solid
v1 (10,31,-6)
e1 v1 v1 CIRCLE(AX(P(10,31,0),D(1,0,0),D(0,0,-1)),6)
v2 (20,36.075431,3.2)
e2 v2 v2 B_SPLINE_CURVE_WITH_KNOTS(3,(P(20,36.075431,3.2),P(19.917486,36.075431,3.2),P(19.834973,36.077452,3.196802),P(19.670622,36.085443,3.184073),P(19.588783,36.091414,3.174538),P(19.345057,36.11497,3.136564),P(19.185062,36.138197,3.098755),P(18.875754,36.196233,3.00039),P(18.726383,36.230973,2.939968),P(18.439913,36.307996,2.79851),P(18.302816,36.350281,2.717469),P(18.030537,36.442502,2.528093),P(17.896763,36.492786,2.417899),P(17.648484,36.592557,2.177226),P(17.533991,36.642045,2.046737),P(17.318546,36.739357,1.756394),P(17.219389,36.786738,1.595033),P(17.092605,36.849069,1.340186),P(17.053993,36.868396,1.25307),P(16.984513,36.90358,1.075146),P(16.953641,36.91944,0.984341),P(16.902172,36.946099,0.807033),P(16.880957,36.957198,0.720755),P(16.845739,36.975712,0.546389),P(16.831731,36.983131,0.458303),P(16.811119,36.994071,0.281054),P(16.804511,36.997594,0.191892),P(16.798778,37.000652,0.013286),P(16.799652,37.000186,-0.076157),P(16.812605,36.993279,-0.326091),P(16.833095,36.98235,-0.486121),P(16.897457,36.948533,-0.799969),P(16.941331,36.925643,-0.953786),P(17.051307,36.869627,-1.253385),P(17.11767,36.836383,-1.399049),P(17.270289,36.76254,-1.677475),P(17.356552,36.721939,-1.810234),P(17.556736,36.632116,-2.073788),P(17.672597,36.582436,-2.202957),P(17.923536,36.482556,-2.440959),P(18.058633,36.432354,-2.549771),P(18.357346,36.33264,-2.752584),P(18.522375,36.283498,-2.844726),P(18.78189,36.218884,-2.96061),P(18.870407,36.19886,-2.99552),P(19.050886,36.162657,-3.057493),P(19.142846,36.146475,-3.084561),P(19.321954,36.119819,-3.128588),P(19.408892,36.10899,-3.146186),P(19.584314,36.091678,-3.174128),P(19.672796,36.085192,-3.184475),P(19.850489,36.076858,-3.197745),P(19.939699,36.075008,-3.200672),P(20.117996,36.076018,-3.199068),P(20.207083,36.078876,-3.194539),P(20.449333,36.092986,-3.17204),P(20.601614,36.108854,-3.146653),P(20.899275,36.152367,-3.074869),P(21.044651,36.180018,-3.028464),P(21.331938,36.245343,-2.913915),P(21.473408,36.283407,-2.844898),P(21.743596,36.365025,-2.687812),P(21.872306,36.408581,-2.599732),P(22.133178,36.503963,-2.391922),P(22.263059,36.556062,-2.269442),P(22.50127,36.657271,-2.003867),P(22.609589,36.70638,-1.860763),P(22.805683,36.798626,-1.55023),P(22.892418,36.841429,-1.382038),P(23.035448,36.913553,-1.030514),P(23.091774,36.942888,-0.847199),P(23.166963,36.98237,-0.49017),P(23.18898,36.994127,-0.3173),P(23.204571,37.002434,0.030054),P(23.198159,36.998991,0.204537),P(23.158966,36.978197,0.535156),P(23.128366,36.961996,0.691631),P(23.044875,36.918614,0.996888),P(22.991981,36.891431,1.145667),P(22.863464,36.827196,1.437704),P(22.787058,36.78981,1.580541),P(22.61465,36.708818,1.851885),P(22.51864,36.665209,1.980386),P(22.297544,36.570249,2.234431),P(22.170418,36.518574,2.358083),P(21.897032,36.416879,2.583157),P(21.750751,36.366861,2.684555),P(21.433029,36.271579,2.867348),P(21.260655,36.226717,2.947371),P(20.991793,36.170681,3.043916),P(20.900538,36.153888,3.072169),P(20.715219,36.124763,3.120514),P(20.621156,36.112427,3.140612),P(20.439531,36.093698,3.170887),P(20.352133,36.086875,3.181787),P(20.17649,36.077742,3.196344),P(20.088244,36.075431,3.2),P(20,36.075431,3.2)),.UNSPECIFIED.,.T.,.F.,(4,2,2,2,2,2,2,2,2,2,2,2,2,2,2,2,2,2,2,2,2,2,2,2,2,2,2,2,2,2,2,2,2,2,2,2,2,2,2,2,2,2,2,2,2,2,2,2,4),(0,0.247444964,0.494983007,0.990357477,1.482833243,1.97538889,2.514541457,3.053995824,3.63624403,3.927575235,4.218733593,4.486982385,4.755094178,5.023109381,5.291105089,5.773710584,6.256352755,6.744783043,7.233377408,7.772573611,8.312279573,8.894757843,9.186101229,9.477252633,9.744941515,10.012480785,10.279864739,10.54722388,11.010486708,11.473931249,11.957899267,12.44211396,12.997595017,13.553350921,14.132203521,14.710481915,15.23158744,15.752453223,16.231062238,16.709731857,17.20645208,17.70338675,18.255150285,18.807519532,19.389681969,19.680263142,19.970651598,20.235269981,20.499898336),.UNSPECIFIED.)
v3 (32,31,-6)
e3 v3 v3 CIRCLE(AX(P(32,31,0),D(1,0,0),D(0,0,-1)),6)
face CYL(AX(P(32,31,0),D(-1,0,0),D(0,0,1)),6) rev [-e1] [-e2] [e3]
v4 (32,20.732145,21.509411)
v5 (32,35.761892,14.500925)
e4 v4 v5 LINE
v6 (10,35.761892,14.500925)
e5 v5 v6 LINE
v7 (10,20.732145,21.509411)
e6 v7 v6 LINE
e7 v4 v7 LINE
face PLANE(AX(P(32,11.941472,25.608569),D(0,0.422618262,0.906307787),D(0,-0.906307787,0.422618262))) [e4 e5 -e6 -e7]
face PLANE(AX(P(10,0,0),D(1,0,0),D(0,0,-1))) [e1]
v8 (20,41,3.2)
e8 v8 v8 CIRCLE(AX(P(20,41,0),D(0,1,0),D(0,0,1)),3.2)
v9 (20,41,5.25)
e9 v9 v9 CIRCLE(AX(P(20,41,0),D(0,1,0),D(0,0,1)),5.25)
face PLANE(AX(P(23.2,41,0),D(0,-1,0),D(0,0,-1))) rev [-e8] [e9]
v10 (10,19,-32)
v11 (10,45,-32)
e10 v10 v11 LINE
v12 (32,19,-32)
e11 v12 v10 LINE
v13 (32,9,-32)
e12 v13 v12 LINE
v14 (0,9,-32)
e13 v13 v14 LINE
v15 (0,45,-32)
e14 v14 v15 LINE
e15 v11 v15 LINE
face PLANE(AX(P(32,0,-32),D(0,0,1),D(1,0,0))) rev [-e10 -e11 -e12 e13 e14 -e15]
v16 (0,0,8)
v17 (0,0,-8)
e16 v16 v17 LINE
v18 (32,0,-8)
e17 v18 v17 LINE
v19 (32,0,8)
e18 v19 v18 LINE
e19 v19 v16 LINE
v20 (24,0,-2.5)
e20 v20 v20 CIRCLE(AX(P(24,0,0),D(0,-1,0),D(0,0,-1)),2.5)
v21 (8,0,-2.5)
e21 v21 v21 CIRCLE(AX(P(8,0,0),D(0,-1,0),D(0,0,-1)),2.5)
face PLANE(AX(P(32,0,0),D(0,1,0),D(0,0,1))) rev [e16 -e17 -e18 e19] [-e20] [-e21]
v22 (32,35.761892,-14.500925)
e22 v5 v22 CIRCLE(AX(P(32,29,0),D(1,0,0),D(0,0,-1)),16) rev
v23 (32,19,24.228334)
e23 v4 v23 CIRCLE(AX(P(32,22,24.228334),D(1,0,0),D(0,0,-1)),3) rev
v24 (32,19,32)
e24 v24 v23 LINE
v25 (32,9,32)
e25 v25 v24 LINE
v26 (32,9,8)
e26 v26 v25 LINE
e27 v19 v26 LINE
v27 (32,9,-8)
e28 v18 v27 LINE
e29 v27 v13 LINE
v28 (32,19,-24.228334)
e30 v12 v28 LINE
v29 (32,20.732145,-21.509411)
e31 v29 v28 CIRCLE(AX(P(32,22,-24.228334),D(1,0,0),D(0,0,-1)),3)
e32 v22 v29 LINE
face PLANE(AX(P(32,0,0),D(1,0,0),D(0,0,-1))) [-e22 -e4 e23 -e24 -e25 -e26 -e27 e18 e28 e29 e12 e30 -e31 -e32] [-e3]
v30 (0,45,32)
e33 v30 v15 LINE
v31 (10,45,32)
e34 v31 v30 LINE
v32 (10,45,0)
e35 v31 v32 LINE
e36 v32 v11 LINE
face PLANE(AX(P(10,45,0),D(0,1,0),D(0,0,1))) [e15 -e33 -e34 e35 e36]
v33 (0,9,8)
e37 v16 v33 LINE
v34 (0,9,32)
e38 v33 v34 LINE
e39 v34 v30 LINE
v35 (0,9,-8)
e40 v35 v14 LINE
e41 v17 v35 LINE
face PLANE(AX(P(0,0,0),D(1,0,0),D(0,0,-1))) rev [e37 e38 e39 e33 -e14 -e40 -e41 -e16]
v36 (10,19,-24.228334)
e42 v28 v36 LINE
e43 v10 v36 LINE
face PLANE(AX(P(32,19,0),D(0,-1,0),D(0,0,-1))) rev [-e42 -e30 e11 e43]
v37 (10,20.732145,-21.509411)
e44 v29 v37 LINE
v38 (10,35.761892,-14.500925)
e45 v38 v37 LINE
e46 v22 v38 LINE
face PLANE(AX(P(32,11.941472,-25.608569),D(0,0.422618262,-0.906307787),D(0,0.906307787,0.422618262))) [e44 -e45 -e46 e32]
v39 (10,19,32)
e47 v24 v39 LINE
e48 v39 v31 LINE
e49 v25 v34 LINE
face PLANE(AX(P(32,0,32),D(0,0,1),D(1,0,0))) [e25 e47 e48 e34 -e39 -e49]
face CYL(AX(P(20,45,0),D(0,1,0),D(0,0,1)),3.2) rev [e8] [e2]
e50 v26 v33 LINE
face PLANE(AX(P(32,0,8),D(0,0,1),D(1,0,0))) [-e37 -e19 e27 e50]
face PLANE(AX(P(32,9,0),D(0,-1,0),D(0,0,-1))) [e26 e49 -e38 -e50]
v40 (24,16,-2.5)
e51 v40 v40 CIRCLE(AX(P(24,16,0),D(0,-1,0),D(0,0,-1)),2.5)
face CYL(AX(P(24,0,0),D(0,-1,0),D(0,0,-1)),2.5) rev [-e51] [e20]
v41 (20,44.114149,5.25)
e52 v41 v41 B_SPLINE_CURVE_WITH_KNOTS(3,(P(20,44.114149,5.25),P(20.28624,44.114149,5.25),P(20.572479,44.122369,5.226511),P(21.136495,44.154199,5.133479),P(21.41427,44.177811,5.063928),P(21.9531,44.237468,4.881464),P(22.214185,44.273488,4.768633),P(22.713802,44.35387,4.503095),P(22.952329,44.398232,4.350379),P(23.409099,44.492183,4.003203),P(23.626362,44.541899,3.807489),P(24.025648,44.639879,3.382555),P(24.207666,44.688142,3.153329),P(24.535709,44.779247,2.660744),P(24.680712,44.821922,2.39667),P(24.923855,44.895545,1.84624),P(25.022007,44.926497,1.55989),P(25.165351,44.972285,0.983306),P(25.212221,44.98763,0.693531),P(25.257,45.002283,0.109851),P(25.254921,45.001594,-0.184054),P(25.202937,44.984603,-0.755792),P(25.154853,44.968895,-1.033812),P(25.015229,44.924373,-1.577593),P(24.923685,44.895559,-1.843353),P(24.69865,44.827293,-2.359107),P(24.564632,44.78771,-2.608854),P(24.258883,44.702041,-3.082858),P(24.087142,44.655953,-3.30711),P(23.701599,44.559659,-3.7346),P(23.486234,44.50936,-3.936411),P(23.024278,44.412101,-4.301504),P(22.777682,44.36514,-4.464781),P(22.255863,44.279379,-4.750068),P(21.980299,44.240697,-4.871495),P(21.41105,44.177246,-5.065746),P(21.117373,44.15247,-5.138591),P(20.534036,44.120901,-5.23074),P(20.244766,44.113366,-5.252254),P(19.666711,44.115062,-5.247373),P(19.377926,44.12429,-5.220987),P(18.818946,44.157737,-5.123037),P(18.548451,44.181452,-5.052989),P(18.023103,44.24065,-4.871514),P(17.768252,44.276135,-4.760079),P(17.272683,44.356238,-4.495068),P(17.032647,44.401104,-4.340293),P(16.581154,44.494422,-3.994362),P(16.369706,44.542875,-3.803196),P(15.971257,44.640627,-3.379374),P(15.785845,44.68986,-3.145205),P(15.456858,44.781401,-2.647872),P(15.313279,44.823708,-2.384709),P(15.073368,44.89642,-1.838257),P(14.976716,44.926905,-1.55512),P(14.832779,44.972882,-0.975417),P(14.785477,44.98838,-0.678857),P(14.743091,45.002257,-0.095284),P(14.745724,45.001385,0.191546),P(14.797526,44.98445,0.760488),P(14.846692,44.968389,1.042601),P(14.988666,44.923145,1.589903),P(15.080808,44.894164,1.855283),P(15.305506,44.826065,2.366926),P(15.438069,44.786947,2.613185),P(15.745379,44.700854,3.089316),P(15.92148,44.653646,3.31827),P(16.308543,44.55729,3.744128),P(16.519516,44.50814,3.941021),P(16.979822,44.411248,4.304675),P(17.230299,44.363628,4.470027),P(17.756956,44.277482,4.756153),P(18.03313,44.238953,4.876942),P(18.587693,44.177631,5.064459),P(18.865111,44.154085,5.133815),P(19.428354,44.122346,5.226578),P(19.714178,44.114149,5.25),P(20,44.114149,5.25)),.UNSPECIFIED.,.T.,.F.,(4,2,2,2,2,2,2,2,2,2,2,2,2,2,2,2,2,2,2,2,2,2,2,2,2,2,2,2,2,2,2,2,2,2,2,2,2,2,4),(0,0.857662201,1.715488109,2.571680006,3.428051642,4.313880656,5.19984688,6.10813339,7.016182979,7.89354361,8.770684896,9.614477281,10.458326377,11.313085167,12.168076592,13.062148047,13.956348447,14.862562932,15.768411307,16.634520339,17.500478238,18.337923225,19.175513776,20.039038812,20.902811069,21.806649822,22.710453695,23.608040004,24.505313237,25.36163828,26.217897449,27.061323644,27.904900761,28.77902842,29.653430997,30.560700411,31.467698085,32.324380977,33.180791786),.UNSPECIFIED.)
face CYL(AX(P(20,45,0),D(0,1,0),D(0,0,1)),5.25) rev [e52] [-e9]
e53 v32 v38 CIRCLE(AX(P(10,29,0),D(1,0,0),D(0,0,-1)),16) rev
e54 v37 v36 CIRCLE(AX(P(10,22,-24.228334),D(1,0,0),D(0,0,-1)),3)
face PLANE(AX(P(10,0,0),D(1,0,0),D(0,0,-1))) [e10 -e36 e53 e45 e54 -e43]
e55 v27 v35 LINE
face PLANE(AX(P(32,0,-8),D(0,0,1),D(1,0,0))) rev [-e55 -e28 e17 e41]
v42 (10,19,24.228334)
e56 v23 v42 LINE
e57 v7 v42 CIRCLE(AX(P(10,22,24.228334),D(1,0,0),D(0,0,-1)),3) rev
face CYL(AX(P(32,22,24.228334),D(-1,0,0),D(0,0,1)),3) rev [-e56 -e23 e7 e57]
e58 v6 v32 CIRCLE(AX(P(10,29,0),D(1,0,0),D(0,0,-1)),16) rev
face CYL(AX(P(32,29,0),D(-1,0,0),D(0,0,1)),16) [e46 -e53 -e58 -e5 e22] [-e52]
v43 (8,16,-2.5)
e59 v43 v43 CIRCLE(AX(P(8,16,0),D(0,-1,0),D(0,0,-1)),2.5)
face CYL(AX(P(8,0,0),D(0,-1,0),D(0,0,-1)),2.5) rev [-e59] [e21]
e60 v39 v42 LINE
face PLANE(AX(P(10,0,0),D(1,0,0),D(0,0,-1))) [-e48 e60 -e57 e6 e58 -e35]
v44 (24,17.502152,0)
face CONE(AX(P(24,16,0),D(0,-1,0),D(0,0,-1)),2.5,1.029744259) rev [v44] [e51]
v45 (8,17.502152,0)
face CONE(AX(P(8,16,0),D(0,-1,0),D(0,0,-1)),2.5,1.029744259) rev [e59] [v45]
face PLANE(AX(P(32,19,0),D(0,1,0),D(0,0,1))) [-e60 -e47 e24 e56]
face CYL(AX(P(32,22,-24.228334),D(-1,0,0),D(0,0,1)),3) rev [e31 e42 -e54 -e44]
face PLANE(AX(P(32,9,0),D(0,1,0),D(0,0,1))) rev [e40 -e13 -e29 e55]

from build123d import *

# Parameters (mm, degrees)
SKETCH2_R                       = 6
BOSS_EXTRUDE1_DEPTH             = 32
BOSS_EXTRUDE2_DEPTH             = 10
CBORE_FOR_M6_SHCS1_D            = 6.4
CBORE_FOR_M6_SHCS1_DEPTH        = 10
CBORE_FOR_M6_SHCS1_CBORE_D      = 10.5
CBORE_FOR_M6_SHCS1_CBORE_DEPTH  = 4
CBORE_FOR_M6_SHCS1_TIP          = 1.922753981
TAP_DRILL_FOR_M6X1_0_TAP1_D     = 5
TAP_DRILL_FOR_M6X1_0_TAP1_DEPTH = 16
TAP_DRILL_FOR_M6X1_0_TAP1_TIP   = 1.502151548
SKETCH2_6_R                     = 6
BOSS_EXTRUDE3_DEPTH             = 10


with BuildPart() as part:
    # Sketch2 → Boss-Extrude1 (new body)
    with BuildSketch(Plane(origin=(0, 0, 0), x_dir=(0, 0, -1), z_dir=(1, 0, 0))):
        with BuildLine():
            Line((-8, 9), (-8, 0))
            Line((-8, 0), (8, 0))
            Line((8, 0), (8, 9))
            Line((8, 9), (32, 9))
            Line((32, 9), (32, 19))
            Line((32, 19), (24.228334067, 19))
            ThreePointArc((24.228334067, 19), (22.616435242, 19.469825663), (21.509410706, 20.732145215))
            Line((21.509410706, 20.732145215), (14.500924593, 35.761892188))
            ThreePointArc((14.500924593, 35.761892188), (8.596793734, 42.494263133), (0, 45))
            ThreePointArc((0, 45), (-8.596793734, 42.494263133), (-14.500924593, 35.761892188))
            Line((-14.500924593, 35.761892188), (-21.509410706, 20.732145215))
            ThreePointArc((-21.509410706, 20.732145215), (-22.616435242, 19.469825663), (-24.228334067, 19))
            Line((-24.228334067, 19), (-32, 19))
            Line((-32, 19), (-32, 9))
            Line((-32, 9), (-8, 9))
        make_face()
        with Locations((0, 31)):
            Circle(SKETCH2_R, mode=Mode.SUBTRACT)
    extrude(amount=BOSS_EXTRUDE1_DEPTH)

    # Sketch2<5> → Boss-Extrude2 (add)
    with BuildSketch(Plane(origin=(0, 0, 0), x_dir=(0, 0, -1), z_dir=(1, 0, 0))):
        with BuildLine():
            Line((-32, 45), (-32, 19))
            Line((-32, 19), (-24.228334067, 19))
            ThreePointArc((-24.228334067, 19), (-22.616435242, 19.469825663), (-21.509410706, 20.732145215))
            Line((-21.509410706, 20.732145215), (-14.500924593, 35.761892188))
            ThreePointArc((-14.500924593, 35.761892188), (-8.596793734, 42.494263133), (0, 45))
            Line((0, 45), (-32, 45))
        make_face()
        with BuildLine():
            Line((24.228334067, 19), (32, 19))
            Line((32, 19), (32, 45))
            Line((32, 45), (0, 45))
            ThreePointArc((0, 45), (8.596793734, 42.494263133), (14.500924593, 35.761892188))
            Line((14.500924593, 35.761892188), (21.509410706, 20.732145215))
            ThreePointArc((21.509410706, 20.732145215), (22.616435242, 19.469825663), (24.228334067, 19))
        make_face()
    extrude(amount=BOSS_EXTRUDE2_DEPTH)

    # CBORE for M6 SHCS1
    with Locations(Plane(origin=(20, 45, 0), x_dir=(0, 0, 1), z_dir=(0, 1, 0))):
        with Locations((0, 0)):
            CounterBoreHole(CBORE_FOR_M6_SHCS1_D / 2, CBORE_FOR_M6_SHCS1_CBORE_D / 2, CBORE_FOR_M6_SHCS1_CBORE_DEPTH, depth=CBORE_FOR_M6_SHCS1_DEPTH)
            with Locations((0, 0, -(CBORE_FOR_M6_SHCS1_DEPTH + CBORE_FOR_M6_SHCS1_TIP / 2))):  # 118° drill point
                Cone(0, CBORE_FOR_M6_SHCS1_D / 2, CBORE_FOR_M6_SHCS1_TIP, mode=Mode.SUBTRACT)

    # Tap Drill for M6x1.0 Tap1
    with Locations(Plane(origin=(0, 0, 0), x_dir=(-1, 0, 0), z_dir=(0, -1, 0))):
        with Locations((-24, 0), (-8, 0)):
            Hole(TAP_DRILL_FOR_M6X1_0_TAP1_D / 2, depth=TAP_DRILL_FOR_M6X1_0_TAP1_DEPTH)
            with Locations((0, 0, -(TAP_DRILL_FOR_M6X1_0_TAP1_DEPTH + TAP_DRILL_FOR_M6X1_0_TAP1_TIP / 2))):  # 118° drill point
                Cone(0, TAP_DRILL_FOR_M6X1_0_TAP1_D / 2, TAP_DRILL_FOR_M6X1_0_TAP1_TIP, mode=Mode.SUBTRACT)

    # Sketch2<6> → Boss-Extrude3 (add)
    with BuildSketch(Plane(origin=(0, 0, 0), x_dir=(0, 0, -1), z_dir=(1, 0, 0))):
        with Locations((0, 31)):
            Circle(SKETCH2_6_R)
    extrude(amount=BOSS_EXTRUDE3_DEPTH)


solid = part.part
